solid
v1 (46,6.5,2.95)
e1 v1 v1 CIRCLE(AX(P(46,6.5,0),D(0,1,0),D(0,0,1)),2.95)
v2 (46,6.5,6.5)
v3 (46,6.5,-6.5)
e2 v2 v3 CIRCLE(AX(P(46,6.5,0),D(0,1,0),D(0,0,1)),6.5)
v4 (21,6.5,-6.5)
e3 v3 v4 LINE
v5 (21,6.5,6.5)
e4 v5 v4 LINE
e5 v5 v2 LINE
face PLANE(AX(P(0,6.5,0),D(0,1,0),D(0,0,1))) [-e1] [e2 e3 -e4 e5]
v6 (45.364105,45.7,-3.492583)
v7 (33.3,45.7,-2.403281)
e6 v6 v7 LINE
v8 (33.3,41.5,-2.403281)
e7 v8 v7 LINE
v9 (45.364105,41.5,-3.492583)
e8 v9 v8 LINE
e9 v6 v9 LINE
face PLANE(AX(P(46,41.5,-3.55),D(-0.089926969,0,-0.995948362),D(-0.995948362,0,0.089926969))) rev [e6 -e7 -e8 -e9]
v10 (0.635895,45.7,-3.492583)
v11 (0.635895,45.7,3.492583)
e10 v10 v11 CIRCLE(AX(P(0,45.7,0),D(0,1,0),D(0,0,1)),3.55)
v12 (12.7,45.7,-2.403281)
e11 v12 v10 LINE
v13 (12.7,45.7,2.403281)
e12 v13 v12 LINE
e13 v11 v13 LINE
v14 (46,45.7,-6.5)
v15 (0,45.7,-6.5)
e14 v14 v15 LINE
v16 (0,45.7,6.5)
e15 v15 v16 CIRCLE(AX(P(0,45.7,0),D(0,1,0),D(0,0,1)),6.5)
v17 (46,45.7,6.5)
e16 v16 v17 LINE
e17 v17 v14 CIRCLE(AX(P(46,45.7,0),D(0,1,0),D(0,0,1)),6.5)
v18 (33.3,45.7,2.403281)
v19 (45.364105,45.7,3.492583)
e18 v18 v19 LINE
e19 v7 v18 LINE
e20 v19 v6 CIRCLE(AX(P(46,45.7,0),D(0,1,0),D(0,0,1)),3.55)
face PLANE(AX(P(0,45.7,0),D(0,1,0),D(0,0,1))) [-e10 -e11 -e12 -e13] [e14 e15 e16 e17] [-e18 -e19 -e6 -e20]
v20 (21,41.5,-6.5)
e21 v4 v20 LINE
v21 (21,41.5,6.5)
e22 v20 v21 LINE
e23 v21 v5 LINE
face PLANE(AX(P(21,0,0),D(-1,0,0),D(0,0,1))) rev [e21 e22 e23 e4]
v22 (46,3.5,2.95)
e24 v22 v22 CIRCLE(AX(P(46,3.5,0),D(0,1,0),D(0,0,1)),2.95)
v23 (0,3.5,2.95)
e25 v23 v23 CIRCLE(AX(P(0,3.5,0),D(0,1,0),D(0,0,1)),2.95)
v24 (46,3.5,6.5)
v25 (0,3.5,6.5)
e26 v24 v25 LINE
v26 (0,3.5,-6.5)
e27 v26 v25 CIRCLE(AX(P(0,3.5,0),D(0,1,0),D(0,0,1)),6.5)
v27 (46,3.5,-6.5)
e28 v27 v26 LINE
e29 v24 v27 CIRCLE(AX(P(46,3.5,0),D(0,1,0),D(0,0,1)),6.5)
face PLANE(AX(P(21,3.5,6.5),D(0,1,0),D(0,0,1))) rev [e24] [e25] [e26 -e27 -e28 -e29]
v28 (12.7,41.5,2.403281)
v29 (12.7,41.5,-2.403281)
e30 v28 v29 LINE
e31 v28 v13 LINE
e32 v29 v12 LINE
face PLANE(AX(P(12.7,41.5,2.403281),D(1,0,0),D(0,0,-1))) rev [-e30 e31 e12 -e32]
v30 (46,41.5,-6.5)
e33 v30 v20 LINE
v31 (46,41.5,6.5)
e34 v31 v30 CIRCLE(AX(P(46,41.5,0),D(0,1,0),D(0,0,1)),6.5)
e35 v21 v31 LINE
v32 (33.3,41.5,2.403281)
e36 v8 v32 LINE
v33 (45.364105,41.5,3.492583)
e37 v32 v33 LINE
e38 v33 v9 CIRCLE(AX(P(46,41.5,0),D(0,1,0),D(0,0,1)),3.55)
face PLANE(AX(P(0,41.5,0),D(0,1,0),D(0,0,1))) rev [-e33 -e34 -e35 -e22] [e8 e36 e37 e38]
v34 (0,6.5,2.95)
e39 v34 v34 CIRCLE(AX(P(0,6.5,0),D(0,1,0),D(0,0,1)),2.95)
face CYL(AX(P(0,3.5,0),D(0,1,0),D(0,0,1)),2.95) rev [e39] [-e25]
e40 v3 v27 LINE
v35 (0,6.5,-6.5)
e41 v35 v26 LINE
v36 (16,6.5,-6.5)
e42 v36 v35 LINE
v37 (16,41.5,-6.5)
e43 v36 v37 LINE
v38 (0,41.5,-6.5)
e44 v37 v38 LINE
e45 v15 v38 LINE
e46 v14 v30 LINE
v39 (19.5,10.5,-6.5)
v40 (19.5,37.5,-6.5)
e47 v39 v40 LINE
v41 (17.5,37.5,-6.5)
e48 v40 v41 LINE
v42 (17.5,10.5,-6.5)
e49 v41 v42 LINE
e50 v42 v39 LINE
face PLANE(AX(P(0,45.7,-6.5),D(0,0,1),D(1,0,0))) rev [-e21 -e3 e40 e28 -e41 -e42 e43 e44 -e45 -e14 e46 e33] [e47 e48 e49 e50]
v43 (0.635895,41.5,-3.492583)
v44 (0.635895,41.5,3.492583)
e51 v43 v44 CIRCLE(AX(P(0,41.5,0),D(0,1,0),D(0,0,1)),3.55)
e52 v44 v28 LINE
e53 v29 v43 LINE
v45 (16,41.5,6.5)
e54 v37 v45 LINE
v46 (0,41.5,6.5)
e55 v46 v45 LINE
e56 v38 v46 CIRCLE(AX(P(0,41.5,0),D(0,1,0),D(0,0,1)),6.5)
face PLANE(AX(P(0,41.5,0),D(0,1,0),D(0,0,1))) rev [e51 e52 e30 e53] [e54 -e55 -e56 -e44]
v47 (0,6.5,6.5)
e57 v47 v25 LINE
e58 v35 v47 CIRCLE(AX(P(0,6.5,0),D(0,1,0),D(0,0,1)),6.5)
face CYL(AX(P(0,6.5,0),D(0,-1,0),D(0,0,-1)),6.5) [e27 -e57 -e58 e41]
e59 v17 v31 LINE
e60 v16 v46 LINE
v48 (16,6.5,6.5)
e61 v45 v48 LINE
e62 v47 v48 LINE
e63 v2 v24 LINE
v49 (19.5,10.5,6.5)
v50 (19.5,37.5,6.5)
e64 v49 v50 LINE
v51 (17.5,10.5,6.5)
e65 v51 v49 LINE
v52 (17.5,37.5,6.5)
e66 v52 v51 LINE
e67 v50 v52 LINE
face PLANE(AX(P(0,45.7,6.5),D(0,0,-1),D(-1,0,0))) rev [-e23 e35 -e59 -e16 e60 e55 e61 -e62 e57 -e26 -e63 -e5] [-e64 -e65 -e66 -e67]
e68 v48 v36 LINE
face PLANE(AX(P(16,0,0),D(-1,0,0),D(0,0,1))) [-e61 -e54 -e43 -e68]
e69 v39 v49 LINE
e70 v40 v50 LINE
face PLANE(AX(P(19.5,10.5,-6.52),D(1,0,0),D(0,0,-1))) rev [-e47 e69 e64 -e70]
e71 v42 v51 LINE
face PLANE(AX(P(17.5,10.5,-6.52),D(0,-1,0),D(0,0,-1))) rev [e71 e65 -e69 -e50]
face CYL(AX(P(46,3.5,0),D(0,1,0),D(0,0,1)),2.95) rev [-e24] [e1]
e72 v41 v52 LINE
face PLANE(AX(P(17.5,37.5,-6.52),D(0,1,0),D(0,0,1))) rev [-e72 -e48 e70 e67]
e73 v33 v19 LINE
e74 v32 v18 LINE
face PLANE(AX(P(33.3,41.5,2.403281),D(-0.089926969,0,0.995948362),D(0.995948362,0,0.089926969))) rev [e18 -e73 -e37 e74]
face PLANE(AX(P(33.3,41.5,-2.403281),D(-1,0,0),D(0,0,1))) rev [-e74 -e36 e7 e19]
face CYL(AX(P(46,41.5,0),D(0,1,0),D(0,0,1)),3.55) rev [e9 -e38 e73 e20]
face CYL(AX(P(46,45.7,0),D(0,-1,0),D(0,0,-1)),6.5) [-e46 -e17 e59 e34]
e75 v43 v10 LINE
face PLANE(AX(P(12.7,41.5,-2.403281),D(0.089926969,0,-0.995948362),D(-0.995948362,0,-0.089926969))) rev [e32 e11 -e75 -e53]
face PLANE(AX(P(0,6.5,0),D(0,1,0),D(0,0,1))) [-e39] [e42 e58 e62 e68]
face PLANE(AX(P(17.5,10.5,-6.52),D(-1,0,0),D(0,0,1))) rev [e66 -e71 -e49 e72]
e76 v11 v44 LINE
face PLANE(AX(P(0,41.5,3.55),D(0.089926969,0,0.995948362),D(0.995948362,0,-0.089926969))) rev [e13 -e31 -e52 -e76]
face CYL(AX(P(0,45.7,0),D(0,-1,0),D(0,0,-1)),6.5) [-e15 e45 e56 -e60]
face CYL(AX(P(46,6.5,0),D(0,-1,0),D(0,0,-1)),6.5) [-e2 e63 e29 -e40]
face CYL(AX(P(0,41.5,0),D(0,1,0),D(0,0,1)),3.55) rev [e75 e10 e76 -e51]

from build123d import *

# Parameters (mm, degrees)
BOSS_EXTRUDE1_START   = 43.6
SKETCH1_R             = 6.5
BOSS_EXTRUDE1_DEPTH   = 2.1
BOSS_EXTRUDE1_2_DEPTH = 2.1
BOSS_EXTRUDE2_START   = 43.6
SKETCH2_W             = 46
SKETCH2_H             = 13
BOSS_EXTRUDE2_DEPTH   = 2.1
CUT_EXTRUDE1_START    = 43.6
SKETCH3_R             = 3.55
CUT_EXTRUDE1_DEPTH    = 2.1
CUT_EXTRUDE2_START    = 43.6
CUT_EXTRUDE2_DEPTH    = 2.1
BOSS_EXTRUDE3_START   = 5
SKETCH5_R             = 6.5
BOSS_EXTRUDE3_DEPTH   = 1.5
BOSS_EXTRUDE3_2_DEPTH = 1.5
BOSS_EXTRUDE4_START   = 5
SKETCH6_W             = 46
SKETCH6_H             = 13
BOSS_EXTRUDE4_DEPTH   = 1.5
CUT_EXTRUDE3_START    = 5
SKETCH7_R             = 2.95
CUT_EXTRUDE3_DEPTH    = 1.5
BOSS_EXTRUDE5_START   = 18.5
SKETCH8_W             = 13
SKETCH8_H             = 42.2
BOSS_EXTRUDE5_DEPTH   = 2.5
CUT_EXTRUDE4_START    = -0.01
SKETCH9_W             = 2
SKETCH9_H             = 27
CUT_EXTRUDE4_DEPTH    = 6.51


with BuildPart() as part:
    # Sketch1 → Boss-Extrude1 (new, symmetric)
    with BuildSketch(Plane(origin=(0, 0, 0), x_dir=(1, 0, 0), z_dir=(0, 1, 0)).offset(BOSS_EXTRUDE1_START)):
        with Locations(Location((0, 0, 0), (0, 0, 270))):
            Circle(SKETCH1_R)
    extrude(amount=BOSS_EXTRUDE1_DEPTH, both=True)



with BuildPart() as body_2:
    # Sketch1 → Boss-Extrude1 2 (new, symmetric)
    with BuildSketch(Plane(origin=(0, 0, 0), x_dir=(1, 0, 0), z_dir=(0, 1, 0)).offset(BOSS_EXTRUDE1_START)):
        with Locations(Location((46, 0, 0), (0, 0, 270))):
            Circle(SKETCH1_R)
    extrude(amount=BOSS_EXTRUDE1_2_DEPTH, both=True)


with BuildPart() as part_1:
    add(part.part)

    add(body_2.part)  # Boss-Extrude2 merges body 2
    # Sketch2 → Boss-Extrude2 (add, symmetric)
    with BuildSketch(Plane(origin=(0, 0, 0), x_dir=(1, 0, 0), z_dir=(0, 1, 0)).offset(BOSS_EXTRUDE2_START)):
        with Locations((23, 0)):
            Rectangle(SKETCH2_W, SKETCH2_H)
    extrude(amount=BOSS_EXTRUDE2_DEPTH, both=True)

    # Sketch3 → Cut-Extrude1 (cut, symmetric)
    with BuildSketch(Plane(origin=(0, 0, 0), x_dir=(1, 0, 0), z_dir=(0, 1, 0)).offset(CUT_EXTRUDE1_START)):
        with Locations(Location((0, 0, 0), (0, 0, 270))):
            Circle(SKETCH3_R)
        with Locations(Location((46, 0, 0), (0, 0, 270))):
            Circle(SKETCH3_R)
    extrude(amount=CUT_EXTRUDE1_DEPTH, both=True, mode=Mode.SUBTRACT)

    # Sketch4 → Cut-Extrude2 (cut, symmetric)
    with BuildSketch(Plane(origin=(0, 0, 0), x_dir=(1, 0, 0), z_dir=(0, 1, 0)).offset(CUT_EXTRUDE2_START)):
        Polygon((0, -3.55), (12.7, -2.403281405), (12.7, 2.403281405), (0, 3.55), align=None)
        Polygon((46, 3.55), (33.3, 2.403281405), (33.3, -2.403281405), (46, -3.55), align=None)
    extrude(amount=CUT_EXTRUDE2_DEPTH, both=True, mode=Mode.SUBTRACT)



with BuildPart() as body_2_2:
    # Sketch5 → Boss-Extrude3 (new, symmetric)
    with BuildSketch(Plane(origin=(0, 0, 0), x_dir=(1, 0, 0), z_dir=(0, 1, 0)).offset(BOSS_EXTRUDE3_START)):
        with Locations(Location((0, 0, 0), (0, 0, 270))):
            Circle(SKETCH5_R)
    extrude(amount=BOSS_EXTRUDE3_DEPTH, both=True)



with BuildPart() as body_3:
    # Sketch5 → Boss-Extrude3 2 (new, symmetric)
    with BuildSketch(Plane(origin=(0, 0, 0), x_dir=(1, 0, 0), z_dir=(0, 1, 0)).offset(BOSS_EXTRUDE3_START)):
        with Locations(Location((46, 0, 0), (0, 0, 270))):
            Circle(SKETCH5_R)
    extrude(amount=BOSS_EXTRUDE3_2_DEPTH, both=True)


with BuildPart() as body_2_2_1:
    add(body_2_2.part)

    add(body_3.part)  # Boss-Extrude4 merges body 3
    # Sketch6 → Boss-Extrude4 (add, symmetric)
    with BuildSketch(Plane(origin=(0, 0, 0), x_dir=(1, 0, 0), z_dir=(0, 1, 0)).offset(BOSS_EXTRUDE4_START)):
        with Locations((23, 0)):
            Rectangle(SKETCH6_W, SKETCH6_H)
    extrude(amount=BOSS_EXTRUDE4_DEPTH, both=True)

    # Sketch7 → Cut-Extrude3 (cut, symmetric)
    with BuildSketch(Plane(origin=(0, 0, 0), x_dir=(1, 0, 0), z_dir=(0, 1, 0)).offset(CUT_EXTRUDE3_START)):
        with Locations(Location((0, 0, 0), (0, 0, 270))):
            Circle(SKETCH7_R)
        with Locations(Location((46, 0, 0), (0, 0, 270))):
            Circle(SKETCH7_R)
    extrude(amount=CUT_EXTRUDE3_DEPTH, both=True, mode=Mode.SUBTRACT)


with BuildPart() as part_2:
    add(part_1.part)

    add(body_2_2_1.part)  # Boss-Extrude5 merges body 2 2
    # Sketch8 → Boss-Extrude5 (add, symmetric)
    with BuildSketch(Plane(origin=(0, 0, 0), x_dir=(0, 0, -1), z_dir=(1, 0, 0)).offset(BOSS_EXTRUDE5_START)):
        with Locations((0, 24.6)):
            Rectangle(SKETCH8_W, SKETCH8_H)
    extrude(amount=BOSS_EXTRUDE5_DEPTH, both=True)

    # Sketch9 → Cut-Extrude4 (cut, symmetric)
    with BuildSketch(Plane.XY.offset(CUT_EXTRUDE4_START)):
        with Locations((18.5, 24)):
            Rectangle(SKETCH9_W, SKETCH9_H)
    extrude(amount=CUT_EXTRUDE4_DEPTH, both=True, mode=Mode.SUBTRACT)


solid = part_2.part
